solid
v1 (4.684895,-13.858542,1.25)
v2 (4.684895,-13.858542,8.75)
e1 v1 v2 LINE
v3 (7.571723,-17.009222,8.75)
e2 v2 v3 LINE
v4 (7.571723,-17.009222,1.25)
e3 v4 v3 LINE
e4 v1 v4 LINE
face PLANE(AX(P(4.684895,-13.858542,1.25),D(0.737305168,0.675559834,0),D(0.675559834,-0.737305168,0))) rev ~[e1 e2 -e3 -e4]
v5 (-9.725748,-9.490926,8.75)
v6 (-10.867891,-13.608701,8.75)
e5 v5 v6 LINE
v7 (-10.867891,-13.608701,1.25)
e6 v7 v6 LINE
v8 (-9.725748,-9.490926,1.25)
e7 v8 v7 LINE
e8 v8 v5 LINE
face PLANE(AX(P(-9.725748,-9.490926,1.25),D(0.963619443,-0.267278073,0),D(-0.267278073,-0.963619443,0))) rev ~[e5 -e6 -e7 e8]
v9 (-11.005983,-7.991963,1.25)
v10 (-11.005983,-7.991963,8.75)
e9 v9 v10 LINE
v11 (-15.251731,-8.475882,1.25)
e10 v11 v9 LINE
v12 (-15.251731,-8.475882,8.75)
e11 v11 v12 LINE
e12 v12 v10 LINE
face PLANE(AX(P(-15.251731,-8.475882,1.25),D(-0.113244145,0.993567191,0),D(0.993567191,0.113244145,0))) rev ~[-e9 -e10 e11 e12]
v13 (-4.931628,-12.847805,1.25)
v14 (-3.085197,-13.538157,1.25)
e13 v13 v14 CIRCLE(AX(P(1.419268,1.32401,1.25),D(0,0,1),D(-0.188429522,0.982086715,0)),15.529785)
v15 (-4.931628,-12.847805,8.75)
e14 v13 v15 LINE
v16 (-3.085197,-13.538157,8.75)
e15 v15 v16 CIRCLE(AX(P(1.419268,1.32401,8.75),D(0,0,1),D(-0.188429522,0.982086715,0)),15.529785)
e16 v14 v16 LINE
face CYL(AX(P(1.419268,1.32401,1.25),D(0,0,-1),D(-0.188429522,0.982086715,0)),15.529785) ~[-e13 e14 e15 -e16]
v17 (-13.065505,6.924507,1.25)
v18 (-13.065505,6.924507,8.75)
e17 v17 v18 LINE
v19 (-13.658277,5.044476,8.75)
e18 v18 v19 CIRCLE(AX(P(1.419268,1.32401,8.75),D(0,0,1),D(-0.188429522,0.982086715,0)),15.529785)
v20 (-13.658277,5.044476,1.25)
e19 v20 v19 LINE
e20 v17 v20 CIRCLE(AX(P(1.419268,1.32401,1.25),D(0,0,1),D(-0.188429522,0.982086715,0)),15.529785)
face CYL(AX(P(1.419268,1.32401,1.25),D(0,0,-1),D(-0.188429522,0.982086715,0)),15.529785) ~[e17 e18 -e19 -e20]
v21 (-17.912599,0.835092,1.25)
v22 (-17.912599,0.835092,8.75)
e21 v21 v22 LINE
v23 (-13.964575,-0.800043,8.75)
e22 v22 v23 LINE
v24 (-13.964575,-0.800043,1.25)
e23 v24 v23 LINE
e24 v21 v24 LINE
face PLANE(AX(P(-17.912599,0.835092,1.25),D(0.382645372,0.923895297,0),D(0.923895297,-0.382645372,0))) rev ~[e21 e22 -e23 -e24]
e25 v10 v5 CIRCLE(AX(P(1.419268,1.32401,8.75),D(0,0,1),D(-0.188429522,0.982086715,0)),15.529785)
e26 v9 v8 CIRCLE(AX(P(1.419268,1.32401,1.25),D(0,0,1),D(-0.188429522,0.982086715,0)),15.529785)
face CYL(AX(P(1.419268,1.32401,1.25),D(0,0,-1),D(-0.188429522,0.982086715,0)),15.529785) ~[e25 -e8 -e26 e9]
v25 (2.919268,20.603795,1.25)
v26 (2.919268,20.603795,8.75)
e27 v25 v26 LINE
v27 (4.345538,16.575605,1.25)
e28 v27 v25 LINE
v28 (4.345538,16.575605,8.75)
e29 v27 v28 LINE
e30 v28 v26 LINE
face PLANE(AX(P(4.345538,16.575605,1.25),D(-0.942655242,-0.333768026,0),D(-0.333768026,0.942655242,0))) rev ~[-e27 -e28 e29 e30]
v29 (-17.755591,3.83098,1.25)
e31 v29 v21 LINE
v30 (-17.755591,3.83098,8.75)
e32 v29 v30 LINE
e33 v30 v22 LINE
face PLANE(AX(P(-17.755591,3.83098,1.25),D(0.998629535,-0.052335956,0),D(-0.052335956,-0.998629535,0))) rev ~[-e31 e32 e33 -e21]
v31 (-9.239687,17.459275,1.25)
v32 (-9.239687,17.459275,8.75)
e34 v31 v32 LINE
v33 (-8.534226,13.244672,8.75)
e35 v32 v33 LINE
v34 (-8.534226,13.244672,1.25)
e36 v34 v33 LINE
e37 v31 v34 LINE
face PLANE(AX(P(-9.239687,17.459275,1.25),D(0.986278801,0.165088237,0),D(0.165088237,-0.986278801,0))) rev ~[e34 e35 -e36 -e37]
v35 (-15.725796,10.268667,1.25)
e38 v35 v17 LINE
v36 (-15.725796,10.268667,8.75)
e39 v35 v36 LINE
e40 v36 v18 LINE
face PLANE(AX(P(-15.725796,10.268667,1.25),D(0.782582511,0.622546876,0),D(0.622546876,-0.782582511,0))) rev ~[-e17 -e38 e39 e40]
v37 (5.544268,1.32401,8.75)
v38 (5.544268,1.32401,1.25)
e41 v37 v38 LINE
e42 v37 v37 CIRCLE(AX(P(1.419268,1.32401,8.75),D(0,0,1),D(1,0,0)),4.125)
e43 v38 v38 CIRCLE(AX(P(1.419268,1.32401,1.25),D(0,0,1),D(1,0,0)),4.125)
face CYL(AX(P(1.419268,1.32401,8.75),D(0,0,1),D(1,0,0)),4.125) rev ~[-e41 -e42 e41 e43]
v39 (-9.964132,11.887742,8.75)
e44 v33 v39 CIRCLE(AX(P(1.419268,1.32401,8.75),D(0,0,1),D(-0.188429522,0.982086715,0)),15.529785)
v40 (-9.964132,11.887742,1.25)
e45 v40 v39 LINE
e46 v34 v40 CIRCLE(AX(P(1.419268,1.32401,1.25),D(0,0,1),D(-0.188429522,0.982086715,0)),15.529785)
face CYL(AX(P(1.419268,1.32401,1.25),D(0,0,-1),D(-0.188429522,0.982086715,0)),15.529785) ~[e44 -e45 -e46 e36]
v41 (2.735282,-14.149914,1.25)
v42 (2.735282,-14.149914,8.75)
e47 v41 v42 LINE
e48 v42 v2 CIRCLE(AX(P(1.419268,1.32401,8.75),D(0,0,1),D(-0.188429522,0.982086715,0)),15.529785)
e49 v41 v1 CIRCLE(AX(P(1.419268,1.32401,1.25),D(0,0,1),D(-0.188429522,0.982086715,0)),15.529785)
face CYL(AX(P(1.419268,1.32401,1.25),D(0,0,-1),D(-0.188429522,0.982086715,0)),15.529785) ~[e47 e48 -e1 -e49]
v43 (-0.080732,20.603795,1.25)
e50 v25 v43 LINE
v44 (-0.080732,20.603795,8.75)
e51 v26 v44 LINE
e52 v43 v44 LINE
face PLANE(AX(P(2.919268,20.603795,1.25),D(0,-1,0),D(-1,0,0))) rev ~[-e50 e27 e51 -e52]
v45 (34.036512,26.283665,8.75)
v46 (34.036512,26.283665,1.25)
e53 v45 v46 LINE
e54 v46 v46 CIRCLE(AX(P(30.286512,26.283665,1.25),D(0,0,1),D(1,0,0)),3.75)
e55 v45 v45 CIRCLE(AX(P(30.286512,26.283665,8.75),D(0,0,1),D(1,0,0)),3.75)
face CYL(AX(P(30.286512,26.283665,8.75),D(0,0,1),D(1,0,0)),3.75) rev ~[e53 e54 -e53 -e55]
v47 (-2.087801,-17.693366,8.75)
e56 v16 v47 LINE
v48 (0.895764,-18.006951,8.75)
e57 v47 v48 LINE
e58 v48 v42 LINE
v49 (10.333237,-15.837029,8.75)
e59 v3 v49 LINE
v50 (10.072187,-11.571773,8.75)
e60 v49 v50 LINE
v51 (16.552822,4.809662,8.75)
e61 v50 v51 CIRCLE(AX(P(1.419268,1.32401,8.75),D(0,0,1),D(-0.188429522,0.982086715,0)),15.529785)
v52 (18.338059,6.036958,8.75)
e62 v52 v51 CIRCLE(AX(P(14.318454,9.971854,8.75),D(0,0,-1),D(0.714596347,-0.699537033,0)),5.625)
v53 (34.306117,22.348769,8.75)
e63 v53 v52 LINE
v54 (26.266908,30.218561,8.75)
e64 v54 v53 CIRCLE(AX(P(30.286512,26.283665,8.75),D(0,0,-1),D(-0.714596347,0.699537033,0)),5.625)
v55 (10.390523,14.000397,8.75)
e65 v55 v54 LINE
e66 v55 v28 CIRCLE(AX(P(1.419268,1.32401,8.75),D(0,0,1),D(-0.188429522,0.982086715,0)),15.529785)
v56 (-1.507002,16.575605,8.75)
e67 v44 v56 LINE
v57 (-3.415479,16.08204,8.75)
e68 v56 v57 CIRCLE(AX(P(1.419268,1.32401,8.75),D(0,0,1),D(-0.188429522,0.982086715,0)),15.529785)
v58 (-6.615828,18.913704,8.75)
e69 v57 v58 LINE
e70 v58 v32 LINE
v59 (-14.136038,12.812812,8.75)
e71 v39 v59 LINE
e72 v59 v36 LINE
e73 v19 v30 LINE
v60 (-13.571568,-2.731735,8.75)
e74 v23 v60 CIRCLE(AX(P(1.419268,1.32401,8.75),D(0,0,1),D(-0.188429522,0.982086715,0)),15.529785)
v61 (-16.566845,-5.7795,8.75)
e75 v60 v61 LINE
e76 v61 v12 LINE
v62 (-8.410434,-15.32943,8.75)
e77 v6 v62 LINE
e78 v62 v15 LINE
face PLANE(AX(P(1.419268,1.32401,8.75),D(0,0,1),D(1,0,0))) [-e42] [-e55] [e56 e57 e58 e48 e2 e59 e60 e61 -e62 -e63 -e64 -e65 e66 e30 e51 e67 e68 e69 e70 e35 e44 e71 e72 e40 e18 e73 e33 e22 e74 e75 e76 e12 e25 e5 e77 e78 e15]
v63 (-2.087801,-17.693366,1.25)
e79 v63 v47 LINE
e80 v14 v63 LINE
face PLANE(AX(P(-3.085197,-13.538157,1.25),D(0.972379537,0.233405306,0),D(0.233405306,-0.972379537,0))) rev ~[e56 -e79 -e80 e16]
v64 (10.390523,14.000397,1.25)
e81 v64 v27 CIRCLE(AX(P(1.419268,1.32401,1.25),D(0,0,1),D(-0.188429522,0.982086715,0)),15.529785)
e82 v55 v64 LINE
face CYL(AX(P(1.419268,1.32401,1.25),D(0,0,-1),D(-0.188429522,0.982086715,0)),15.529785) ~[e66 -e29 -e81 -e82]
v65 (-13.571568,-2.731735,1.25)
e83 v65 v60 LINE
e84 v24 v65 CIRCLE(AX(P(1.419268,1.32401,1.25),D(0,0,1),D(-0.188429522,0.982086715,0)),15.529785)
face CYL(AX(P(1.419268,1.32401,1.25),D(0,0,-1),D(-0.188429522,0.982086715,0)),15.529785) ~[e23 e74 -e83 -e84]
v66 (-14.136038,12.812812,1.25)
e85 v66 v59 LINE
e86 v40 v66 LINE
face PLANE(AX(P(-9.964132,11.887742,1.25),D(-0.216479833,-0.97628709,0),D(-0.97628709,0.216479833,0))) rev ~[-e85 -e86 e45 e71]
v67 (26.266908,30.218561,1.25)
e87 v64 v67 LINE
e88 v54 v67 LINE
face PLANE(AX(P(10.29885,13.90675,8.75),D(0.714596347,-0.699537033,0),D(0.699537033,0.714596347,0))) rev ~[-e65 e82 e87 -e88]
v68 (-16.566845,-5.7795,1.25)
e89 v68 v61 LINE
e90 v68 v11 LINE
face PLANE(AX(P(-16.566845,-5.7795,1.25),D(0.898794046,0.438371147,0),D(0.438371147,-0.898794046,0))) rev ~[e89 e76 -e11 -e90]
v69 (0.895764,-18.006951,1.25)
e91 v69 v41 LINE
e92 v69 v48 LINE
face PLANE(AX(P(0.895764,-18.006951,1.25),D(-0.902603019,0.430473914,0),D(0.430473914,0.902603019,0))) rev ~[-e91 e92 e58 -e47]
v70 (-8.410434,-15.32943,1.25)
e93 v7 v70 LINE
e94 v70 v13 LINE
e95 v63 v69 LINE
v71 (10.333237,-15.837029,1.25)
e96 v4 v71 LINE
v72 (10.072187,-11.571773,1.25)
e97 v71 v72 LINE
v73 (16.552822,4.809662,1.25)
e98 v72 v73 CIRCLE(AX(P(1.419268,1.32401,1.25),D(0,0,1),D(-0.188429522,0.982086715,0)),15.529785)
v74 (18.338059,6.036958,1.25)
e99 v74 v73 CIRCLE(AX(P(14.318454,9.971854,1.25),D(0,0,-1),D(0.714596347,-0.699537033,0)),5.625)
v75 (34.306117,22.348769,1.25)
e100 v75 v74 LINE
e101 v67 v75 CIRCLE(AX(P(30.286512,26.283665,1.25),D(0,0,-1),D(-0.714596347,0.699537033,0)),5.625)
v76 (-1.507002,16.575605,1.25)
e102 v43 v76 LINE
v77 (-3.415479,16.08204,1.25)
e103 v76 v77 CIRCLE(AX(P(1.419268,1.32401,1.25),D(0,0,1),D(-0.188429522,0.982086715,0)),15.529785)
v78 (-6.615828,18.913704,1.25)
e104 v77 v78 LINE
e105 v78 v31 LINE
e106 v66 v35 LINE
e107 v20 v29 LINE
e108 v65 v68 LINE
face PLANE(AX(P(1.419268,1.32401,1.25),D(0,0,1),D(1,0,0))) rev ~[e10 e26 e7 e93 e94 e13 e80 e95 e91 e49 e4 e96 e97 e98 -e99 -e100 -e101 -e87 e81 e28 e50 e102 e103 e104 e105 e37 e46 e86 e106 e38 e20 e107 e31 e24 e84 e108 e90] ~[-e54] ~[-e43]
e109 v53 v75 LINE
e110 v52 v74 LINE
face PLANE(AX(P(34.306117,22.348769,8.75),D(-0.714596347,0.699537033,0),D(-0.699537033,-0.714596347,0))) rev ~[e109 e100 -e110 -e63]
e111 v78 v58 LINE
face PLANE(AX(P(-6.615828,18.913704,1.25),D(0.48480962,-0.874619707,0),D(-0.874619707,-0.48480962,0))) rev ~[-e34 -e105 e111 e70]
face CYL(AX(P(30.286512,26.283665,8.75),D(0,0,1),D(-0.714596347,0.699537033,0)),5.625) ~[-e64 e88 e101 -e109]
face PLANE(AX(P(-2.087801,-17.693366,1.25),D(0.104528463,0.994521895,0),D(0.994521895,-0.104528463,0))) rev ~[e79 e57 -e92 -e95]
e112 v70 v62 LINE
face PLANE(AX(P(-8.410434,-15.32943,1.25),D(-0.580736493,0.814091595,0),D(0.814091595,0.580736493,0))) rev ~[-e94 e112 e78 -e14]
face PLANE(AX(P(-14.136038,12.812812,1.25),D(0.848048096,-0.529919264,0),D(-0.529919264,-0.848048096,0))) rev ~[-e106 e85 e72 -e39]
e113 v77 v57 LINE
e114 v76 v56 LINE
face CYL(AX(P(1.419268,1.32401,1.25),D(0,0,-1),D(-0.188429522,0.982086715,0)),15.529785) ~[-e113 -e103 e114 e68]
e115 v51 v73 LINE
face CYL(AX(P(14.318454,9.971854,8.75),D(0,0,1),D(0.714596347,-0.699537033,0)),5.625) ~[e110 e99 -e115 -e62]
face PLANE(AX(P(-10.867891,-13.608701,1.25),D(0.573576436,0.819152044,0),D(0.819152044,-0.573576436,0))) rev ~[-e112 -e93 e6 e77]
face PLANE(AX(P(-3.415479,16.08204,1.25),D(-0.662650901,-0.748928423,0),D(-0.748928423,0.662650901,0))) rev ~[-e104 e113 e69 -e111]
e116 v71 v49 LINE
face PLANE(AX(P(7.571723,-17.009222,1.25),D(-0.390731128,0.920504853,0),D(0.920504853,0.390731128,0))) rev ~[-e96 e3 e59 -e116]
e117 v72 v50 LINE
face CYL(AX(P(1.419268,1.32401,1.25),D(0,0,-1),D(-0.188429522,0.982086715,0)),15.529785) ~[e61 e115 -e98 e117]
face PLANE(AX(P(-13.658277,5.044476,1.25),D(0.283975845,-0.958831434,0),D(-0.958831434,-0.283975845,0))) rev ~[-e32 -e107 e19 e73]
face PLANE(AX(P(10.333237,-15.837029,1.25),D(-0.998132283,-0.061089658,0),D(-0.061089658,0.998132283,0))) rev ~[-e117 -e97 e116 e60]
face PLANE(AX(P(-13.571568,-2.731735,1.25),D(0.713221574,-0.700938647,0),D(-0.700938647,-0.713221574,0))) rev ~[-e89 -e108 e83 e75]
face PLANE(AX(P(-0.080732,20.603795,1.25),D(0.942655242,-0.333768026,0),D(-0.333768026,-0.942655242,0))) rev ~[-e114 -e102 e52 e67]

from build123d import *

# Parameters (mm, degrees)
CROQUIS1_R               = 5
SALIENTE_EXTRUIR5_DEPTH  = 10
MATRIZC4_COUNT           = 8
MATRIZC4_ANGLE           = 203
CROQUIS9_R               = 5
SALIENTE_EXTRUIR6_DEPTH  = 10
SALIENTE_EXTRUIR7_START  = -10
CROQUIS11_R              = 5
SALIENTE_EXTRUIR7_DEPTH  = 10
CORTAR_EXTRUIR2_DEPTH    = 10
SALIENTE_EXTRUIR9_DEPTH  = 10
CROQUIS15_R              = 6
CORTAR_EXTRUIR4_DEPTH    = 10
ESCALA1_SCALE            = 0.75
CROQUIS16_R              = 4.5
CROQUIS16_R_2            = 4.125
SALIENTE_EXTRUIR12_DEPTH = 7.5


with BuildPart() as part:
    # Croquis1 → Saliente-Extruir5 (new body)
    with BuildSketch(Plane.XY):
        with BuildLine():
            Line((-2, 25.706379875), (-3.901693271, 20.335460584))
            ThreePointArc((-3.901693271, 20.335460584), (0, -20.706379875), (3.901693271, 20.335460584))
            Line((3.901693271, 20.335460584), (2, 25.706379875))
            Line((2, 25.706379875), (-2, 25.706379875))
        make_face()
        Circle(CROQUIS1_R, mode=Mode.SUBTRACT)
    saliente_extruir5 = extrude(amount=SALIENTE_EXTRUIR5_DEPTH)

    # MatrizC4: Saliente-Extruir5 ×8 about axis
    matrizc4_axis = Axis((0, 0, 0), (0, 0, 1))
    for i in range(1, MATRIZC4_COUNT):
        add(saliente_extruir5.rotate(matrizc4_axis, i * MATRIZC4_ANGLE / (MATRIZC4_COUNT - 1)))

    # Croquis9 → Saliente-Extruir6 (add)
    with BuildSketch(Plane.XY.offset(10)):
        with BuildLine():
            Line((11.839442553, 16.776986757), (33.130186467, 38.526068093))
            ThreePointArc((33.130186467, 38.526068093), (43.736186818, 38.639012949), (43.849131674, 28.033012597))
            Line((43.849131674, 28.033012597), (22.558387761, 6.283931261))
            ThreePointArc((22.558387761, 6.283931261), (11.952387409, 6.170986405), (11.839442553, 16.776986757))
        make_face()
        with Locations((38.48965907, 33.279540345)):
            Circle(CROQUIS9_R, mode=Mode.SUBTRACT)
    extrude(amount=-SALIENTE_EXTRUIR6_DEPTH)

    # Croquis11 → Saliente-Extruir7 (add)
    with BuildSketch(Plane.XY.offset(10).offset(SALIENTE_EXTRUIR7_START)):
        Circle(CROQUIS11_R)
    extrude(amount=SALIENTE_EXTRUIR7_DEPTH)

    # Croquis12 → Cortar-Extruir2 (cut)
    with BuildSketch(Plane.XY.offset(10)):
        with BuildLine():
            ThreePointArc((-3.771236166, 4.666666667), (0, -6), (3.771236166, 4.666666667))
            ThreePointArc((3.771236166, 4.666666667), (0, 10), (-3.771236166, 4.666666667))
        make_face()
    extrude(amount=-CORTAR_EXTRUIR2_DEPTH, mode=Mode.SUBTRACT)

    # Croquis13 → Saliente-Extruir9 (add)
    with BuildSketch(Plane.XY.offset(10)):
        with BuildLine():
            ThreePointArc((3.771236166, 4.666666667), (0, 10), (-3.771236166, 4.666666667))
            ThreePointArc((-3.771236166, 4.666666667), (0, -6), (3.771236166, 4.666666667))
        make_face()
    extrude(amount=-SALIENTE_EXTRUIR9_DEPTH)

    # Croquis15 → Cortar-Extruir4 (cut)
    with BuildSketch(Plane.XY.offset(10)):
        Circle(CROQUIS15_R)
    extrude(amount=-CORTAR_EXTRUIR4_DEPTH, mode=Mode.SUBTRACT)


with BuildPart() as part_1:
    # Escala1: scaled about (5.677071508, 5.296040102, 5)
    add(part.part.scale(ESCALA1_SCALE).moved(Location((1.419267877, 1.324010026, 1.25))))

    # Croquis16 → Saliente-Extruir12 (add)
    with BuildSketch(Plane.XY.offset(8.75)):
        with Locations((1.419267877, 1.324010026)):
            Circle(CROQUIS16_R)
        with Locations((1.419267877, 1.324010026)):
            Circle(CROQUIS16_R_2, mode=Mode.SUBTRACT)
    extrude(amount=-SALIENTE_EXTRUIR12_DEPTH)


solid = part_1.part
